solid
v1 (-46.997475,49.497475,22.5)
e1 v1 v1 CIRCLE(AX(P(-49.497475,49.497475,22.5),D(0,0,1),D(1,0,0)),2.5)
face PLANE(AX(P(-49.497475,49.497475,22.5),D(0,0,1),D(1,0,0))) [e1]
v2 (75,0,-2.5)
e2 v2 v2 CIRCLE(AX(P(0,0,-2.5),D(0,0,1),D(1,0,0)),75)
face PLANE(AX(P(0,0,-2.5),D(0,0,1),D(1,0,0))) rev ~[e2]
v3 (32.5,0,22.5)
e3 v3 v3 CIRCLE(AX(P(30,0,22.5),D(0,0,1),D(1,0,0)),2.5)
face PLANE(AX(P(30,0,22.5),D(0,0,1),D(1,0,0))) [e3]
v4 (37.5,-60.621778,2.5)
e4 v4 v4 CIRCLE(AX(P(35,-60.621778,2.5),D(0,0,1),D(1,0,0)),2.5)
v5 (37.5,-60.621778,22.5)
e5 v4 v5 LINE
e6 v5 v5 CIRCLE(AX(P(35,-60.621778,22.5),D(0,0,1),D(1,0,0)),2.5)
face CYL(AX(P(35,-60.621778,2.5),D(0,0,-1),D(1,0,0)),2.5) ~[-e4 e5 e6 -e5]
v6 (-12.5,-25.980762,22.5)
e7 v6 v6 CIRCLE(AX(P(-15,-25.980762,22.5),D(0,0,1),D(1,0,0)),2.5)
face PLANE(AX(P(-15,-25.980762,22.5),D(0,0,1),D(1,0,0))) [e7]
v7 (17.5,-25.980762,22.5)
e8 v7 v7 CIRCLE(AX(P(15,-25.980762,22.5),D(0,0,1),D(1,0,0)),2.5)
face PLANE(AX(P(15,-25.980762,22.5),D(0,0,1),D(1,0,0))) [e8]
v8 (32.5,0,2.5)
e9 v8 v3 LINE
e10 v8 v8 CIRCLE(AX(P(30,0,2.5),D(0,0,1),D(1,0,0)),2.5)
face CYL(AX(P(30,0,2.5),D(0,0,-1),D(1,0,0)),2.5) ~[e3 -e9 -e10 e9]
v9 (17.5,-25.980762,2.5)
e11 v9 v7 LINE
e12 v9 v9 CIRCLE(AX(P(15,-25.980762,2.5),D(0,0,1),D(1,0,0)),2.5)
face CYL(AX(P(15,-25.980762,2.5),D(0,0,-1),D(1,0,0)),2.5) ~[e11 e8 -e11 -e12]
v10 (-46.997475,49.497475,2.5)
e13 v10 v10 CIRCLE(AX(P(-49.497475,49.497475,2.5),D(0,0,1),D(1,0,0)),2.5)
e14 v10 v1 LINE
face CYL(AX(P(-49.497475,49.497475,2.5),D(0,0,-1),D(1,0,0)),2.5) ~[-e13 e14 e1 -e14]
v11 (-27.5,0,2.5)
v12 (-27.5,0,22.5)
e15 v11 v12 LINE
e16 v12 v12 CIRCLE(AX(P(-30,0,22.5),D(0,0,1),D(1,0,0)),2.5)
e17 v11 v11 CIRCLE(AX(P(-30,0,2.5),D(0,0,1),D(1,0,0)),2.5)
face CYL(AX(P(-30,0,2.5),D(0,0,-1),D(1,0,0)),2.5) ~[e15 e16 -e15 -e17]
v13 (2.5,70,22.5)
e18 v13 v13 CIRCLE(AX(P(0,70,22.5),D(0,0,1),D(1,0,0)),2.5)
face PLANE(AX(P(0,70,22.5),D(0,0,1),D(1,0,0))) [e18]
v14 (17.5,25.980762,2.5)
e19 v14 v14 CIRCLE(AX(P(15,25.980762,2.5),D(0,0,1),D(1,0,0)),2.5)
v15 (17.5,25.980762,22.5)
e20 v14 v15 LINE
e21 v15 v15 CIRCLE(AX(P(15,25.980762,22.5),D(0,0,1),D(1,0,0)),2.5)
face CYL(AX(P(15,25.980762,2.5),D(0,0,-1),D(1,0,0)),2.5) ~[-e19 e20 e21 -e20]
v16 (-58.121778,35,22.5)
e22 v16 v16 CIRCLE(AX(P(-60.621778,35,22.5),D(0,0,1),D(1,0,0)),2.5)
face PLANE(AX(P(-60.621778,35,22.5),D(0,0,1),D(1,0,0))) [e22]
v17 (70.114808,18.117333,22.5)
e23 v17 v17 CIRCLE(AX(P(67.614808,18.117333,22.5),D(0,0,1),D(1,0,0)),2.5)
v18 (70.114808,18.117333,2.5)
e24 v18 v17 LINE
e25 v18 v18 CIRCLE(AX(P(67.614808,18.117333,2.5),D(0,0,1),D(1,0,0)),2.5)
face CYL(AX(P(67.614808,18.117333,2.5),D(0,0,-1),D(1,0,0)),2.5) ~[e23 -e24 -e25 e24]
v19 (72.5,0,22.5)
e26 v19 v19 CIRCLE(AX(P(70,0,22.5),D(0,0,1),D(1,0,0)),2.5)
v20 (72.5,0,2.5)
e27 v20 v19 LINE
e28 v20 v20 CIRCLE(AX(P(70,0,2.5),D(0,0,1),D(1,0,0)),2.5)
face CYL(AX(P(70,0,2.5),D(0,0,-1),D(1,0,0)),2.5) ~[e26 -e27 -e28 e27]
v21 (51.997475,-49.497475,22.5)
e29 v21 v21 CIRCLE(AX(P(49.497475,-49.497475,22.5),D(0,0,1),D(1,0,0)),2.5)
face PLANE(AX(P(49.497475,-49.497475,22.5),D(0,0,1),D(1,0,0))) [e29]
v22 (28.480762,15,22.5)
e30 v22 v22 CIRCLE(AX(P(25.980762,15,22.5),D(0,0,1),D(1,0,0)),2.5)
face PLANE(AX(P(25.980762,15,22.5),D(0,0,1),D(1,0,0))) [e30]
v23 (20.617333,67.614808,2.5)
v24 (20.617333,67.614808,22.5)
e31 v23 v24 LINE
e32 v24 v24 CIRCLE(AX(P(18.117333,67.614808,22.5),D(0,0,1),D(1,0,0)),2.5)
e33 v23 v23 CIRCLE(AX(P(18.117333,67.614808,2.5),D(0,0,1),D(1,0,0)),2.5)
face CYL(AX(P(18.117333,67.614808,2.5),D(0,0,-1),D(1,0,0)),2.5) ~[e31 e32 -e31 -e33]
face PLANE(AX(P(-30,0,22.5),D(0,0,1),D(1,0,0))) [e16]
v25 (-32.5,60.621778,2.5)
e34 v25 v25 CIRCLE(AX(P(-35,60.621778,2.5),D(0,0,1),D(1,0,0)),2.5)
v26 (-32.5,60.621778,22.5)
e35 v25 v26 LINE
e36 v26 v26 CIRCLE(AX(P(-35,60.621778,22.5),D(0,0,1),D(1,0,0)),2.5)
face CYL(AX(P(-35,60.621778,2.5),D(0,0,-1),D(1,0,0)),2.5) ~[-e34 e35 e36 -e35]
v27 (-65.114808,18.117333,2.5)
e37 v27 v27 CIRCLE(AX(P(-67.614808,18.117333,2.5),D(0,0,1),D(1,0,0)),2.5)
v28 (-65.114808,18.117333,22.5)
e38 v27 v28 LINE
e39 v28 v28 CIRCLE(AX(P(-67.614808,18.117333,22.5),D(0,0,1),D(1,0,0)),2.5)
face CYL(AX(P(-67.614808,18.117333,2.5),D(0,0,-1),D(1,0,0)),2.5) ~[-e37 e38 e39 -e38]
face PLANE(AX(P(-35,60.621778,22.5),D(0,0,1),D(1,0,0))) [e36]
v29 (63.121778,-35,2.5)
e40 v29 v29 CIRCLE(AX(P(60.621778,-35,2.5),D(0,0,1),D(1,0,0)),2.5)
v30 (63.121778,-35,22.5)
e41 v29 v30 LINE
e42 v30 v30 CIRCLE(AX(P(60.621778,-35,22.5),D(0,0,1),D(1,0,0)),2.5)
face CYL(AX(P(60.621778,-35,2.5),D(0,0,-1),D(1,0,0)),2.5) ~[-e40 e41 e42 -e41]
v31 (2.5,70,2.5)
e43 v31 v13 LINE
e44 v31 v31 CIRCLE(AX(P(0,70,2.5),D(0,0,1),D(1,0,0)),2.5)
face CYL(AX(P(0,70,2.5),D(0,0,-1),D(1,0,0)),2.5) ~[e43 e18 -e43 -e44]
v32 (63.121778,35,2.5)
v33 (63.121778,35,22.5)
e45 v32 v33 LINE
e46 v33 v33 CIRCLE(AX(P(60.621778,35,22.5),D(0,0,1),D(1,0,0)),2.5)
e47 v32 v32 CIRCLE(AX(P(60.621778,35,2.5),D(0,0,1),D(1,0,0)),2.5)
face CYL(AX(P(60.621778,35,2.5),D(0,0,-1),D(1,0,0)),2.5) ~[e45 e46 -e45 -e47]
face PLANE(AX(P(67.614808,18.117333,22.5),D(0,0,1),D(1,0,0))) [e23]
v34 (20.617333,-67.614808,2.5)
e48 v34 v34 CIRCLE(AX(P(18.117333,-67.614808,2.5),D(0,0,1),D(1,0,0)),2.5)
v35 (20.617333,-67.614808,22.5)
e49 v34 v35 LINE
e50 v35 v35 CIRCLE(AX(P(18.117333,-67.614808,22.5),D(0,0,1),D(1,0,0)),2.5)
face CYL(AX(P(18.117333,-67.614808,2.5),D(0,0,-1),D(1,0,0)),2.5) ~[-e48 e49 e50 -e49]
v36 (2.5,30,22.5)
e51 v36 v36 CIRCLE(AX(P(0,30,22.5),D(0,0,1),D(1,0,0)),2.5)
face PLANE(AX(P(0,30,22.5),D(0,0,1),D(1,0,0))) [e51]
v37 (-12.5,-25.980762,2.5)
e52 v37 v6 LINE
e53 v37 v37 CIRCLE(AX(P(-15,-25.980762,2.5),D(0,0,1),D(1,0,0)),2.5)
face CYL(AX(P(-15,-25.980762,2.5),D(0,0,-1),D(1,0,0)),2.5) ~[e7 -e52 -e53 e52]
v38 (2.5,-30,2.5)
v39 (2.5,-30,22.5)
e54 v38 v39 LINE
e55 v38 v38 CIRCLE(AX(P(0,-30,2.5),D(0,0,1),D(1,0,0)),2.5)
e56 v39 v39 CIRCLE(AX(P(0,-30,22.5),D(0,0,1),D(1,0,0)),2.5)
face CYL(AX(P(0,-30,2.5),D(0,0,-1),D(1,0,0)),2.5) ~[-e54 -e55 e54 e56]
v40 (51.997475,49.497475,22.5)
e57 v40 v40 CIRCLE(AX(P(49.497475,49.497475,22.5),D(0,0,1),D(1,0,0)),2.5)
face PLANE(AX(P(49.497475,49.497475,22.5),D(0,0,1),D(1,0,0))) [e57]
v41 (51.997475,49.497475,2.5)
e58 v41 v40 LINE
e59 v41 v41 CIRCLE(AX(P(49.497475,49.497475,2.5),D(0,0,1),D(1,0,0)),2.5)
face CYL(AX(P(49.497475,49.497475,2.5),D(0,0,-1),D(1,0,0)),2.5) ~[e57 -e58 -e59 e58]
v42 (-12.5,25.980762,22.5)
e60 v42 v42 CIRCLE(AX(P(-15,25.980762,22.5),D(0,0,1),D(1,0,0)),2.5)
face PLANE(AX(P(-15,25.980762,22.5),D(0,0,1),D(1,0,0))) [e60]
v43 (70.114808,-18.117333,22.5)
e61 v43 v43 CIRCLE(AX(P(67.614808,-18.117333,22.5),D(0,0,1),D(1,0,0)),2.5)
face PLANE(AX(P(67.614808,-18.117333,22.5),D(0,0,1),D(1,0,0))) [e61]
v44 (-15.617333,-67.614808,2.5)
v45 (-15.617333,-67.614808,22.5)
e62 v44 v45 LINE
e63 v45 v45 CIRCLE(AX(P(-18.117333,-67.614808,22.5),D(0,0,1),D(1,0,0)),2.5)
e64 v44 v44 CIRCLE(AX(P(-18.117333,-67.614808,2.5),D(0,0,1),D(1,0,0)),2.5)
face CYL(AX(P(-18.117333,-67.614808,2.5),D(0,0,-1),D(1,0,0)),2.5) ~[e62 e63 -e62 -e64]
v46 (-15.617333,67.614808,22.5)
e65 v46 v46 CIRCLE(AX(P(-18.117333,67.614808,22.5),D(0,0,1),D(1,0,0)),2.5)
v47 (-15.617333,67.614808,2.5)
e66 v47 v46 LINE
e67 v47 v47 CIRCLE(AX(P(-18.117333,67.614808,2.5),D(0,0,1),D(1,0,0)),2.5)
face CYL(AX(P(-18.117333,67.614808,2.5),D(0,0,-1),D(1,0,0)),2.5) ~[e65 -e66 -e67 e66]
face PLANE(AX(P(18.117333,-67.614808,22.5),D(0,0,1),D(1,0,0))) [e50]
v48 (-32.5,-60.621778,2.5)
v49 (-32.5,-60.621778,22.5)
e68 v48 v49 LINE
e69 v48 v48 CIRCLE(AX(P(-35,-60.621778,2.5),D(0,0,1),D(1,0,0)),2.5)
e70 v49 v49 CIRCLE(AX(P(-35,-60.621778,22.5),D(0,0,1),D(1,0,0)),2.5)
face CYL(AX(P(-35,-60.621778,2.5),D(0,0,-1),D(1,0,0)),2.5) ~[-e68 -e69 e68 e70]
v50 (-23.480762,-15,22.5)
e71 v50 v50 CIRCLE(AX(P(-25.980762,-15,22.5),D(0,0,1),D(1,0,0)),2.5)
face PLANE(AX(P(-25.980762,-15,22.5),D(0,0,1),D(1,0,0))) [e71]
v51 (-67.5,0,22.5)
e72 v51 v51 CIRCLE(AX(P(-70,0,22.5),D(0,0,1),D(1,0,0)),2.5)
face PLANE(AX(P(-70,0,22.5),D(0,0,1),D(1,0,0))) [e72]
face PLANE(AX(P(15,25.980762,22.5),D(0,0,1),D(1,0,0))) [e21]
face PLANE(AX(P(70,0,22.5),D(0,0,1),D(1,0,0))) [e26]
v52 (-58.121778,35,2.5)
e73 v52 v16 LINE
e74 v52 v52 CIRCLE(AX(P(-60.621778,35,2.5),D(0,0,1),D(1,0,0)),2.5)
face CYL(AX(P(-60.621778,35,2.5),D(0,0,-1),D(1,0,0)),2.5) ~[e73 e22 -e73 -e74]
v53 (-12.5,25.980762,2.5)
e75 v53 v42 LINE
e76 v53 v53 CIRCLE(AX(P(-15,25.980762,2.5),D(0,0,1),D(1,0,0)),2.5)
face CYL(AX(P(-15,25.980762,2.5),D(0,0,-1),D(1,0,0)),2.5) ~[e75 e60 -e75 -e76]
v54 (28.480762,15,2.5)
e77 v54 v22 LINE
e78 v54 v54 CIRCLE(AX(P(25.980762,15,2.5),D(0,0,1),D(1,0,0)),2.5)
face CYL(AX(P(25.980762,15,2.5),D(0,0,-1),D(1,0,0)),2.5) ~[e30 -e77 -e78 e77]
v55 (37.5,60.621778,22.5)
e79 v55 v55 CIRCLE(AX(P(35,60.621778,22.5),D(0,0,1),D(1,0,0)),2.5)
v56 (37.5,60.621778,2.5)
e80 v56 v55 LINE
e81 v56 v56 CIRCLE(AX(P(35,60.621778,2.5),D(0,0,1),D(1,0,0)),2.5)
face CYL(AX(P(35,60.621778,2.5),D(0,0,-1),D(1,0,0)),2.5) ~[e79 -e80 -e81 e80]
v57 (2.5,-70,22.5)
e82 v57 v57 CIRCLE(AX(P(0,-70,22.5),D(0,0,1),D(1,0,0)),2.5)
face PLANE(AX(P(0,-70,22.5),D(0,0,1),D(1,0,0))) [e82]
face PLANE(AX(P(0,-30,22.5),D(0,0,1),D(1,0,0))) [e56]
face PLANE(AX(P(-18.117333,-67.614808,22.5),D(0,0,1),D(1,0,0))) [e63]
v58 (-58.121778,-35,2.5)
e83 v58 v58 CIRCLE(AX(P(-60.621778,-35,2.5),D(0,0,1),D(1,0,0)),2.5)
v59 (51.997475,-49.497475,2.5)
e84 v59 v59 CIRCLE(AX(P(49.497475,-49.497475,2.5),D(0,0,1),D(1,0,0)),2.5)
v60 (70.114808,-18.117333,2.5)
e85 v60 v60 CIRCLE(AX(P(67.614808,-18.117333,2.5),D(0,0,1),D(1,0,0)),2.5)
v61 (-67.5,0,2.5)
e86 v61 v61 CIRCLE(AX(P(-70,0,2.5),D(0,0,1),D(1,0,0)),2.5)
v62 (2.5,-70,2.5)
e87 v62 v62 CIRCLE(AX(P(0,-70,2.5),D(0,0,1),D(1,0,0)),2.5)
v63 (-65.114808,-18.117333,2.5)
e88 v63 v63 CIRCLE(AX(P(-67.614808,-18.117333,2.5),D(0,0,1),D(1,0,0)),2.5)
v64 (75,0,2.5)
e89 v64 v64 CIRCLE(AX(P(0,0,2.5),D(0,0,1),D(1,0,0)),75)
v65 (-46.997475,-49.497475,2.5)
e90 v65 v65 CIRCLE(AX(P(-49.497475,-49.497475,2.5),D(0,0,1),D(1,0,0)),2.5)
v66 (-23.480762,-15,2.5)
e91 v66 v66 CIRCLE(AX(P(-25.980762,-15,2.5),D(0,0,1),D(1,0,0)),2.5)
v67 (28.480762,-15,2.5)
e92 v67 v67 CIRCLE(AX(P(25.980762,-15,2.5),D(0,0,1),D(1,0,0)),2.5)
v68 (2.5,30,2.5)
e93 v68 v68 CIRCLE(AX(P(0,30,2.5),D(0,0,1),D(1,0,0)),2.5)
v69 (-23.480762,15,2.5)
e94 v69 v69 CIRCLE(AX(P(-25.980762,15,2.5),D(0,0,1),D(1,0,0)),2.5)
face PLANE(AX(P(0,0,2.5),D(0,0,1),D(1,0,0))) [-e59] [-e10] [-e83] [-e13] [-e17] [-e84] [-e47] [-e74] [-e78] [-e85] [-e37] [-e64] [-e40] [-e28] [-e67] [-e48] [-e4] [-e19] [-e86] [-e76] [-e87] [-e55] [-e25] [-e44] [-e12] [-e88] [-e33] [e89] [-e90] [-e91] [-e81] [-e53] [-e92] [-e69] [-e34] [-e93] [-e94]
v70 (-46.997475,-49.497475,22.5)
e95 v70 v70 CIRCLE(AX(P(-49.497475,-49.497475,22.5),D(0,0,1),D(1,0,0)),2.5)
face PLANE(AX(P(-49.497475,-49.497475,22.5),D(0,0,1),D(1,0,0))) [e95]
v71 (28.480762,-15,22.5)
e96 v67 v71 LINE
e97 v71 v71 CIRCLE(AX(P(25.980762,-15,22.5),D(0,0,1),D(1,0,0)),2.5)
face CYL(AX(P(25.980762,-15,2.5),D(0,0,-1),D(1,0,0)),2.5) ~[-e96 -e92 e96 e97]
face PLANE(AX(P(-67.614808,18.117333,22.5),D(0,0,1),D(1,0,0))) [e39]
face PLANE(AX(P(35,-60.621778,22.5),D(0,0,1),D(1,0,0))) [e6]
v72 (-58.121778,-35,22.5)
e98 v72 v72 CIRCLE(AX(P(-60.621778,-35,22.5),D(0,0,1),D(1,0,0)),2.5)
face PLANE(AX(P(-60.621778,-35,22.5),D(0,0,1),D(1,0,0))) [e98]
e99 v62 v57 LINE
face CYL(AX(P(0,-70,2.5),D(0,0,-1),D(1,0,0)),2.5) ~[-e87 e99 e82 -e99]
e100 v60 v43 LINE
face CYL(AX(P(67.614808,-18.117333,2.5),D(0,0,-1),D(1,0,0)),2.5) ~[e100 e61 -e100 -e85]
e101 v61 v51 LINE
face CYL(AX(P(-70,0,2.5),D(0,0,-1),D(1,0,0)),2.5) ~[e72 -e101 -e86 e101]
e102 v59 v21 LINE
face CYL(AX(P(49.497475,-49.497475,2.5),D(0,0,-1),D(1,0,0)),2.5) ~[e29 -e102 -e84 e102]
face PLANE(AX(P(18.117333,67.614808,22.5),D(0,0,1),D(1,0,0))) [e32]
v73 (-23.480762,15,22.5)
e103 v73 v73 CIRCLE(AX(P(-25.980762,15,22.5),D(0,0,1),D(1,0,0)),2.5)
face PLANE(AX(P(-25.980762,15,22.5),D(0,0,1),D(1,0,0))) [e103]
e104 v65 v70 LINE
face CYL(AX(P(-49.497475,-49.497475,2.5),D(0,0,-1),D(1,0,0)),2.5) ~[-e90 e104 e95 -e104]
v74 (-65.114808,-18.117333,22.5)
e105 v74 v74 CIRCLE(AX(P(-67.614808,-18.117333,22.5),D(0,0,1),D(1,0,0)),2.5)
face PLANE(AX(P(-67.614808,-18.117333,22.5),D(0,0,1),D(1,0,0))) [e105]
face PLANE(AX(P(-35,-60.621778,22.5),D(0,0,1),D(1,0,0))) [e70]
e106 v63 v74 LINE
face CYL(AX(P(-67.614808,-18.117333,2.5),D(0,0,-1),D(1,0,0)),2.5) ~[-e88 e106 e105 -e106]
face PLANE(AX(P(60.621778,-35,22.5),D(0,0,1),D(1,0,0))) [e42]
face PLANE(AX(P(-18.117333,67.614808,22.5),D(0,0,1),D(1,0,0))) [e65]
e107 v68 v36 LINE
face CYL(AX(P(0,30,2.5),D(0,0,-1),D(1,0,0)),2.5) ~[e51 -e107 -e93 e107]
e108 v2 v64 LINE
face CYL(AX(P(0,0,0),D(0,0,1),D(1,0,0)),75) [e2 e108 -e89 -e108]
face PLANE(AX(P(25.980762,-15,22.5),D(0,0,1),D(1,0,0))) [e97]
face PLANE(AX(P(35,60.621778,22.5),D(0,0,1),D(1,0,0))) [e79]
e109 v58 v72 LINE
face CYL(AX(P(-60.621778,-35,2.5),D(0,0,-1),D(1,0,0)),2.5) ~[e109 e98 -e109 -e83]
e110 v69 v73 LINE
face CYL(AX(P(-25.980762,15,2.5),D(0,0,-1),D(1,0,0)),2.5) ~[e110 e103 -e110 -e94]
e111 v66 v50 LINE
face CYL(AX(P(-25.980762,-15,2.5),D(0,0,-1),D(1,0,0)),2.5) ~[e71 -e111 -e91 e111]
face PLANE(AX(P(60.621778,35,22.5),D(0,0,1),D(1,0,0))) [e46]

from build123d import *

# Parameters (mm, degrees)
F2_R     = 75
F3_DEPTH = 2.5
F4_R     = 2.5
F5_DEPTH = 20


with BuildPart() as f3:
    # F2 (on Top) → F3 (new body, symmetric)
    with BuildSketch(Plane.XY):
        Circle(F2_R)
    extrude(amount=F3_DEPTH, both=True)

    # F4 (on face) → F5 (join)
    with BuildSketch(Plane.XY.offset(2.5)):
        with Locations((-15, 25.9807621135)):
            Circle(F4_R)
        with Locations((0, 70)):
            Circle(F4_R)
        with Locations((-18.1173331572, 67.6148078402)):
            Circle(F4_R)
        with Locations((-35, 60.6217782649)):
            Circle(F4_R)
        with Locations((-49.4974746831, 49.4974746831)):
            Circle(F4_R)
        with Locations((-60.6217782649, 35)):
            Circle(F4_R)
        with Locations((-67.6148078402, 18.1173331572)):
            Circle(F4_R)
        with Locations((-70, 0)):
            Circle(F4_R)
        with Locations((-67.6148078402, -18.1173331572)):
            Circle(F4_R)
        with Locations((-60.6217782649, -35)):
            Circle(F4_R)
        with Locations((-49.4974746831, -49.4974746831)):
            Circle(F4_R)
        with Locations((-35, -60.6217782649)):
            Circle(F4_R)
        with Locations((-18.1173331572, -67.6148078402)):
            Circle(F4_R)
        with Locations((0, -70)):
            Circle(F4_R)
        with Locations((18.1173331572, -67.6148078402)):
            Circle(F4_R)
        with Locations((35, -60.6217782649)):
            Circle(F4_R)
        with Locations((49.4974746831, -49.4974746831)):
            Circle(F4_R)
        with Locations((60.6217782649, -35)):
            Circle(F4_R)
        with Locations((67.6148078402, -18.1173331572)):
            Circle(F4_R)
        with Locations((70, 0)):
            Circle(F4_R)
        with Locations((67.6148078402, 18.1173331572)):
            Circle(F4_R)
        with Locations((60.6217782649, 35)):
            Circle(F4_R)
        with Locations((49.4974746831, 49.4974746831)):
            Circle(F4_R)
        with Locations((35, 60.6217782649)):
            Circle(F4_R)
        with Locations((18.1173331572, 67.6148078402)):
            Circle(F4_R)
        with Locations((-25.9807621135, 15)):
            Circle(F4_R)
        with Locations((-30, 0)):
            Circle(F4_R)
        with Locations((-25.9807621135, -15)):
            Circle(F4_R)
        with Locations((-15, -25.9807621135)):
            Circle(F4_R)
        with Locations((0, -30)):
            Circle(F4_R)
        with Locations((15, -25.9807621135)):
            Circle(F4_R)
        with Locations((25.9807621135, -15)):
            Circle(F4_R)
        with Locations((30, 0)):
            Circle(F4_R)
        with Locations((25.9807621135, 15)):
            Circle(F4_R)
        with Locations((15, 25.9807621135)):
            Circle(F4_R)
        with Locations((0, 30)):
            Circle(F4_R)
    extrude(amount=F5_DEPTH)


solid = f3.part
